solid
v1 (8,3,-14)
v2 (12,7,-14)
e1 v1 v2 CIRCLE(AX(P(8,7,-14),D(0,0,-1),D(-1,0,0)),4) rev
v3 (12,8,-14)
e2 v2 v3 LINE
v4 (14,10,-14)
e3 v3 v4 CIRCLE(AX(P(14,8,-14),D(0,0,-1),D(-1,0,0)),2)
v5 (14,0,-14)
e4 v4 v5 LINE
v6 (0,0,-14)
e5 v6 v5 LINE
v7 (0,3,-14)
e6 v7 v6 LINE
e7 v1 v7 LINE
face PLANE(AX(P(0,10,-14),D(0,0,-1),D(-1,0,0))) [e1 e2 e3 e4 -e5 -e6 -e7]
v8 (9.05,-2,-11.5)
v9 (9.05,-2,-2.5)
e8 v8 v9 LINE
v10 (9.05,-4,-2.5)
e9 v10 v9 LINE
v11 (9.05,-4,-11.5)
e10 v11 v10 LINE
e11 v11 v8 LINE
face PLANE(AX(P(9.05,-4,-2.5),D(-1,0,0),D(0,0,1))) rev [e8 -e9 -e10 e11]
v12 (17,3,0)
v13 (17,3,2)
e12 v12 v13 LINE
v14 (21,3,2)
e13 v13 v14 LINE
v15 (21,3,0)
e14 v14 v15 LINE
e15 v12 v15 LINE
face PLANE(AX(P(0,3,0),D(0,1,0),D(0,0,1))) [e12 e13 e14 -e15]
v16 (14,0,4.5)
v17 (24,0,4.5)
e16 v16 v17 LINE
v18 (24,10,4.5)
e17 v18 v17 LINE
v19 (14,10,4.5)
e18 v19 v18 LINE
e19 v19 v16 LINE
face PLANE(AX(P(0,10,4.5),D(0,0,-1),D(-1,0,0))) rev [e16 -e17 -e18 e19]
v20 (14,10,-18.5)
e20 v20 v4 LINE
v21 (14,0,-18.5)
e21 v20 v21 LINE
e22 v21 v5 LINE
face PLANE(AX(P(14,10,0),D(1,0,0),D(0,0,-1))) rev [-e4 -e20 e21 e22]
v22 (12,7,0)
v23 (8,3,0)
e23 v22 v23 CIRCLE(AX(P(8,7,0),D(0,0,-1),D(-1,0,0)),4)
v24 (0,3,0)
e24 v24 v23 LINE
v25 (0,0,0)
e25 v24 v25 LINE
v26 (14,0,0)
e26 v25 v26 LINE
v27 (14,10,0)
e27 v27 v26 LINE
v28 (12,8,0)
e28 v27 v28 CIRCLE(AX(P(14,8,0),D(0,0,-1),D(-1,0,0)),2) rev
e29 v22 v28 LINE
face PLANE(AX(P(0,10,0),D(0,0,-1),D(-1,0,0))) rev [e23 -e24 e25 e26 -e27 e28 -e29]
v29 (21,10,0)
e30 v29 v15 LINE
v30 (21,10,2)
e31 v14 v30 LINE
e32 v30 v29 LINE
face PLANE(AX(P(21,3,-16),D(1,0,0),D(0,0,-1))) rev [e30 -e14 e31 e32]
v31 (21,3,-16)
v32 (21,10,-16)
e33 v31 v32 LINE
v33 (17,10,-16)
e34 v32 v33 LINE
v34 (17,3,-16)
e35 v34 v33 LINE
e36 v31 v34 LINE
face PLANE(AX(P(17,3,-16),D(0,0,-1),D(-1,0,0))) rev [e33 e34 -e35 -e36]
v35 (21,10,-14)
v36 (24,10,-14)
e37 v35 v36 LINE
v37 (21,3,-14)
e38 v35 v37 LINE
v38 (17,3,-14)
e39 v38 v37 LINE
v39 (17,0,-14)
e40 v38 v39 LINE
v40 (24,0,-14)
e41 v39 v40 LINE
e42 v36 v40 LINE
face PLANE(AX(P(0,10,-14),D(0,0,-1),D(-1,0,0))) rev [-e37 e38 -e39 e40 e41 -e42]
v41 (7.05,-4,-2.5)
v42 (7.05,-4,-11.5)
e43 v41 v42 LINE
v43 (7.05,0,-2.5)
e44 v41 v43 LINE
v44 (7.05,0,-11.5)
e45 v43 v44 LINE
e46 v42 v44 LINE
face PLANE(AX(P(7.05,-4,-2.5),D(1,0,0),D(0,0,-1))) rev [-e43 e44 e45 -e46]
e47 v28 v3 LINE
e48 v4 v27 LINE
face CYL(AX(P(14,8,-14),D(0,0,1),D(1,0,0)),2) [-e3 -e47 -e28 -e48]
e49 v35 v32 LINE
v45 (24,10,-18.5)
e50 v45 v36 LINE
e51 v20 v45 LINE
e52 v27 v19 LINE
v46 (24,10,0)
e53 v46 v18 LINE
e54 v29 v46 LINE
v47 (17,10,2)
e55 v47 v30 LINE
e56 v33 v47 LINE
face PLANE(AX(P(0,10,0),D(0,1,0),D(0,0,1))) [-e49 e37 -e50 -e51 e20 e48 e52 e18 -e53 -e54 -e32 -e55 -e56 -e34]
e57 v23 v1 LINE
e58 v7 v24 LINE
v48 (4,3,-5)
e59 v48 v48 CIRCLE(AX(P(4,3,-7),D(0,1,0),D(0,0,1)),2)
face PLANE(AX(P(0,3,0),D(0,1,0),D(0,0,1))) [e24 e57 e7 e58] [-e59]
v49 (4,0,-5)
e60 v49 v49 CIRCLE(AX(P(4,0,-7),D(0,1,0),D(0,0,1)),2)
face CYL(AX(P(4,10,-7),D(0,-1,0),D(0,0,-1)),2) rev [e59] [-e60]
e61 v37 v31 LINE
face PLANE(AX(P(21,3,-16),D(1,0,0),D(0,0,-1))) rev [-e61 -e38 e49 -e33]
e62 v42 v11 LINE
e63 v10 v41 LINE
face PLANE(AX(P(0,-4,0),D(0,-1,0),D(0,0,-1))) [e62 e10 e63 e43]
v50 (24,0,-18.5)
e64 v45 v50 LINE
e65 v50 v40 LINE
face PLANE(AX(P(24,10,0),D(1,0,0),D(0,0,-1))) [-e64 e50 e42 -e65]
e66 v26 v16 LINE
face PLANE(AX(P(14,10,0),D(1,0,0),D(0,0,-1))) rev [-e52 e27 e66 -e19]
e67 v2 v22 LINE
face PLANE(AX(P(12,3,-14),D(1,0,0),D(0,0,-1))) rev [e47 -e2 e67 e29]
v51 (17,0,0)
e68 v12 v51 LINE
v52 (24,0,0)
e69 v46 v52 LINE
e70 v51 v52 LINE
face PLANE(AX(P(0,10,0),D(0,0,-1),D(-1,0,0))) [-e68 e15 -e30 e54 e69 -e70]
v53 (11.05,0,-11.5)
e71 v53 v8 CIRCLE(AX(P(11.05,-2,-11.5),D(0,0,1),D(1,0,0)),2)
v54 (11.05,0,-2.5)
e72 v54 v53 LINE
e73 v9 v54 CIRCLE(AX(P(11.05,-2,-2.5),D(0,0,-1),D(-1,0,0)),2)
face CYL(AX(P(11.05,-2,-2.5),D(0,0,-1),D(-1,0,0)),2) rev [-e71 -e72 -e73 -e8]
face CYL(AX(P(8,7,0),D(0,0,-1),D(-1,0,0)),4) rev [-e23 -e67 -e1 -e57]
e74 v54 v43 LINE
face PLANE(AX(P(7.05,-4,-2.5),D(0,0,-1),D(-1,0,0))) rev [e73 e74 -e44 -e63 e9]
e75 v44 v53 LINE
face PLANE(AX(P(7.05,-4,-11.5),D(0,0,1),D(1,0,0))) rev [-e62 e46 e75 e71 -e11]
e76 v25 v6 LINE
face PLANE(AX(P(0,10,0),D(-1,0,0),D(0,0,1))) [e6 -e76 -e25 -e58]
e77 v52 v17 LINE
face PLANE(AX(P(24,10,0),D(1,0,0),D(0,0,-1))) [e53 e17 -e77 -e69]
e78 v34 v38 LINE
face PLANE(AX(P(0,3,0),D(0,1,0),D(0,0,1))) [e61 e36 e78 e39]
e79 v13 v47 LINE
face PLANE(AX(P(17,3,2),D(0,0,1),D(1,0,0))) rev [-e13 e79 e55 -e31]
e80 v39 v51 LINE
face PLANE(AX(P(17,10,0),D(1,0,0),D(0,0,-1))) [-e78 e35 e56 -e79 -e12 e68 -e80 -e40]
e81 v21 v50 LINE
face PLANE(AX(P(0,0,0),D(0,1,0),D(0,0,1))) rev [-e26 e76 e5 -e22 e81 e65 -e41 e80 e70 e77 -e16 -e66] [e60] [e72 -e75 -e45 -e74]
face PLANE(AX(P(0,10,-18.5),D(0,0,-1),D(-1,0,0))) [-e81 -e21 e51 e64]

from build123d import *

# Parameters (mm, degrees)
SKETCH1_W           = 14
SKETCH1_H           = 14
SKETCH1_R           = 2
BOSS_EXTRUDE1_DEPTH = 10
SKETCH3_W           = 4
SKETCH3_H           = 18
SKETCH3_W_2         = 12
SKETCH3_H_2         = 14
CUT_EXTRUDE1_DEPTH  = 7
FILLET1_R           = 4
FILLET2_R           = 2
SKETCH4_W           = 2
SKETCH4_H           = 9
BOSS_EXTRUDE2_DEPTH = 4
FILLET3_R           = 2


with BuildPart() as part:
    # Sketch1 → Boss-Extrude1 (new body)
    # profile 1 of 2: a face of its own
    with BuildSketch(Plane(origin=(0, 0, 0), x_dir=(1, 0, 0), z_dir=(0, 1, 0))):
        Polygon((14, 14), (14, 0), (14, -4.5), (24, -4.5), (24, 0), (17, 0), (17, 14), (24, 14), (24, 18.5), (14, 18.5), align=None)
    # profile 2 of 2: a face of its own
    with BuildSketch(Plane(origin=(0, 0, 0), x_dir=(1, 0, 0), z_dir=(0, 1, 0))):
        with Locations((7, 7)):
            Rectangle(SKETCH1_W, SKETCH1_H)
        with Locations(Location((4, 7, 0), (0, 0, 270))):
            Circle(SKETCH1_R, mode=Mode.SUBTRACT)
    extrude(amount=BOSS_EXTRUDE1_DEPTH)

    # Sketch3 → Cut-Extrude1 (cut)
    with BuildSketch(Plane(origin=(0, 10, 0), x_dir=(1, 0, 0), z_dir=(0, 1, 0))):
        with Locations((19, 7)):
            Rectangle(SKETCH3_W, SKETCH3_H)
        with Locations((6, 7)):
            Rectangle(SKETCH3_W_2, SKETCH3_H_2)
    extrude(amount=-CUT_EXTRUDE1_DEPTH, mode=Mode.SUBTRACT)

    # Fillet1
    fillet1_edges = [part.edges().sort_by_distance(p)[0] for p in [
        (12, 3, -7),
    ]]
    fillet(fillet1_edges, radius=FILLET1_R)

    # Fillet2
    fillet2_edges = [part.edges().sort_by_distance(p)[0] for p in [
        (12, 10, -7),
    ]]
    fillet(fillet2_edges, radius=FILLET2_R)

    # Sketch4 → Boss-Extrude2 (add)
    with BuildSketch(Plane.XZ):
        with Locations((8.05, -7)):
            Rectangle(SKETCH4_W, SKETCH4_H)
    extrude(amount=BOSS_EXTRUDE2_DEPTH)

    # Fillet3
    fillet3_edges = [part.edges().sort_by_distance(p)[0] for p in [
        (9.05, 0, -7),
    ]]
    fillet(fillet3_edges, radius=FILLET3_R)


solid = part.part
